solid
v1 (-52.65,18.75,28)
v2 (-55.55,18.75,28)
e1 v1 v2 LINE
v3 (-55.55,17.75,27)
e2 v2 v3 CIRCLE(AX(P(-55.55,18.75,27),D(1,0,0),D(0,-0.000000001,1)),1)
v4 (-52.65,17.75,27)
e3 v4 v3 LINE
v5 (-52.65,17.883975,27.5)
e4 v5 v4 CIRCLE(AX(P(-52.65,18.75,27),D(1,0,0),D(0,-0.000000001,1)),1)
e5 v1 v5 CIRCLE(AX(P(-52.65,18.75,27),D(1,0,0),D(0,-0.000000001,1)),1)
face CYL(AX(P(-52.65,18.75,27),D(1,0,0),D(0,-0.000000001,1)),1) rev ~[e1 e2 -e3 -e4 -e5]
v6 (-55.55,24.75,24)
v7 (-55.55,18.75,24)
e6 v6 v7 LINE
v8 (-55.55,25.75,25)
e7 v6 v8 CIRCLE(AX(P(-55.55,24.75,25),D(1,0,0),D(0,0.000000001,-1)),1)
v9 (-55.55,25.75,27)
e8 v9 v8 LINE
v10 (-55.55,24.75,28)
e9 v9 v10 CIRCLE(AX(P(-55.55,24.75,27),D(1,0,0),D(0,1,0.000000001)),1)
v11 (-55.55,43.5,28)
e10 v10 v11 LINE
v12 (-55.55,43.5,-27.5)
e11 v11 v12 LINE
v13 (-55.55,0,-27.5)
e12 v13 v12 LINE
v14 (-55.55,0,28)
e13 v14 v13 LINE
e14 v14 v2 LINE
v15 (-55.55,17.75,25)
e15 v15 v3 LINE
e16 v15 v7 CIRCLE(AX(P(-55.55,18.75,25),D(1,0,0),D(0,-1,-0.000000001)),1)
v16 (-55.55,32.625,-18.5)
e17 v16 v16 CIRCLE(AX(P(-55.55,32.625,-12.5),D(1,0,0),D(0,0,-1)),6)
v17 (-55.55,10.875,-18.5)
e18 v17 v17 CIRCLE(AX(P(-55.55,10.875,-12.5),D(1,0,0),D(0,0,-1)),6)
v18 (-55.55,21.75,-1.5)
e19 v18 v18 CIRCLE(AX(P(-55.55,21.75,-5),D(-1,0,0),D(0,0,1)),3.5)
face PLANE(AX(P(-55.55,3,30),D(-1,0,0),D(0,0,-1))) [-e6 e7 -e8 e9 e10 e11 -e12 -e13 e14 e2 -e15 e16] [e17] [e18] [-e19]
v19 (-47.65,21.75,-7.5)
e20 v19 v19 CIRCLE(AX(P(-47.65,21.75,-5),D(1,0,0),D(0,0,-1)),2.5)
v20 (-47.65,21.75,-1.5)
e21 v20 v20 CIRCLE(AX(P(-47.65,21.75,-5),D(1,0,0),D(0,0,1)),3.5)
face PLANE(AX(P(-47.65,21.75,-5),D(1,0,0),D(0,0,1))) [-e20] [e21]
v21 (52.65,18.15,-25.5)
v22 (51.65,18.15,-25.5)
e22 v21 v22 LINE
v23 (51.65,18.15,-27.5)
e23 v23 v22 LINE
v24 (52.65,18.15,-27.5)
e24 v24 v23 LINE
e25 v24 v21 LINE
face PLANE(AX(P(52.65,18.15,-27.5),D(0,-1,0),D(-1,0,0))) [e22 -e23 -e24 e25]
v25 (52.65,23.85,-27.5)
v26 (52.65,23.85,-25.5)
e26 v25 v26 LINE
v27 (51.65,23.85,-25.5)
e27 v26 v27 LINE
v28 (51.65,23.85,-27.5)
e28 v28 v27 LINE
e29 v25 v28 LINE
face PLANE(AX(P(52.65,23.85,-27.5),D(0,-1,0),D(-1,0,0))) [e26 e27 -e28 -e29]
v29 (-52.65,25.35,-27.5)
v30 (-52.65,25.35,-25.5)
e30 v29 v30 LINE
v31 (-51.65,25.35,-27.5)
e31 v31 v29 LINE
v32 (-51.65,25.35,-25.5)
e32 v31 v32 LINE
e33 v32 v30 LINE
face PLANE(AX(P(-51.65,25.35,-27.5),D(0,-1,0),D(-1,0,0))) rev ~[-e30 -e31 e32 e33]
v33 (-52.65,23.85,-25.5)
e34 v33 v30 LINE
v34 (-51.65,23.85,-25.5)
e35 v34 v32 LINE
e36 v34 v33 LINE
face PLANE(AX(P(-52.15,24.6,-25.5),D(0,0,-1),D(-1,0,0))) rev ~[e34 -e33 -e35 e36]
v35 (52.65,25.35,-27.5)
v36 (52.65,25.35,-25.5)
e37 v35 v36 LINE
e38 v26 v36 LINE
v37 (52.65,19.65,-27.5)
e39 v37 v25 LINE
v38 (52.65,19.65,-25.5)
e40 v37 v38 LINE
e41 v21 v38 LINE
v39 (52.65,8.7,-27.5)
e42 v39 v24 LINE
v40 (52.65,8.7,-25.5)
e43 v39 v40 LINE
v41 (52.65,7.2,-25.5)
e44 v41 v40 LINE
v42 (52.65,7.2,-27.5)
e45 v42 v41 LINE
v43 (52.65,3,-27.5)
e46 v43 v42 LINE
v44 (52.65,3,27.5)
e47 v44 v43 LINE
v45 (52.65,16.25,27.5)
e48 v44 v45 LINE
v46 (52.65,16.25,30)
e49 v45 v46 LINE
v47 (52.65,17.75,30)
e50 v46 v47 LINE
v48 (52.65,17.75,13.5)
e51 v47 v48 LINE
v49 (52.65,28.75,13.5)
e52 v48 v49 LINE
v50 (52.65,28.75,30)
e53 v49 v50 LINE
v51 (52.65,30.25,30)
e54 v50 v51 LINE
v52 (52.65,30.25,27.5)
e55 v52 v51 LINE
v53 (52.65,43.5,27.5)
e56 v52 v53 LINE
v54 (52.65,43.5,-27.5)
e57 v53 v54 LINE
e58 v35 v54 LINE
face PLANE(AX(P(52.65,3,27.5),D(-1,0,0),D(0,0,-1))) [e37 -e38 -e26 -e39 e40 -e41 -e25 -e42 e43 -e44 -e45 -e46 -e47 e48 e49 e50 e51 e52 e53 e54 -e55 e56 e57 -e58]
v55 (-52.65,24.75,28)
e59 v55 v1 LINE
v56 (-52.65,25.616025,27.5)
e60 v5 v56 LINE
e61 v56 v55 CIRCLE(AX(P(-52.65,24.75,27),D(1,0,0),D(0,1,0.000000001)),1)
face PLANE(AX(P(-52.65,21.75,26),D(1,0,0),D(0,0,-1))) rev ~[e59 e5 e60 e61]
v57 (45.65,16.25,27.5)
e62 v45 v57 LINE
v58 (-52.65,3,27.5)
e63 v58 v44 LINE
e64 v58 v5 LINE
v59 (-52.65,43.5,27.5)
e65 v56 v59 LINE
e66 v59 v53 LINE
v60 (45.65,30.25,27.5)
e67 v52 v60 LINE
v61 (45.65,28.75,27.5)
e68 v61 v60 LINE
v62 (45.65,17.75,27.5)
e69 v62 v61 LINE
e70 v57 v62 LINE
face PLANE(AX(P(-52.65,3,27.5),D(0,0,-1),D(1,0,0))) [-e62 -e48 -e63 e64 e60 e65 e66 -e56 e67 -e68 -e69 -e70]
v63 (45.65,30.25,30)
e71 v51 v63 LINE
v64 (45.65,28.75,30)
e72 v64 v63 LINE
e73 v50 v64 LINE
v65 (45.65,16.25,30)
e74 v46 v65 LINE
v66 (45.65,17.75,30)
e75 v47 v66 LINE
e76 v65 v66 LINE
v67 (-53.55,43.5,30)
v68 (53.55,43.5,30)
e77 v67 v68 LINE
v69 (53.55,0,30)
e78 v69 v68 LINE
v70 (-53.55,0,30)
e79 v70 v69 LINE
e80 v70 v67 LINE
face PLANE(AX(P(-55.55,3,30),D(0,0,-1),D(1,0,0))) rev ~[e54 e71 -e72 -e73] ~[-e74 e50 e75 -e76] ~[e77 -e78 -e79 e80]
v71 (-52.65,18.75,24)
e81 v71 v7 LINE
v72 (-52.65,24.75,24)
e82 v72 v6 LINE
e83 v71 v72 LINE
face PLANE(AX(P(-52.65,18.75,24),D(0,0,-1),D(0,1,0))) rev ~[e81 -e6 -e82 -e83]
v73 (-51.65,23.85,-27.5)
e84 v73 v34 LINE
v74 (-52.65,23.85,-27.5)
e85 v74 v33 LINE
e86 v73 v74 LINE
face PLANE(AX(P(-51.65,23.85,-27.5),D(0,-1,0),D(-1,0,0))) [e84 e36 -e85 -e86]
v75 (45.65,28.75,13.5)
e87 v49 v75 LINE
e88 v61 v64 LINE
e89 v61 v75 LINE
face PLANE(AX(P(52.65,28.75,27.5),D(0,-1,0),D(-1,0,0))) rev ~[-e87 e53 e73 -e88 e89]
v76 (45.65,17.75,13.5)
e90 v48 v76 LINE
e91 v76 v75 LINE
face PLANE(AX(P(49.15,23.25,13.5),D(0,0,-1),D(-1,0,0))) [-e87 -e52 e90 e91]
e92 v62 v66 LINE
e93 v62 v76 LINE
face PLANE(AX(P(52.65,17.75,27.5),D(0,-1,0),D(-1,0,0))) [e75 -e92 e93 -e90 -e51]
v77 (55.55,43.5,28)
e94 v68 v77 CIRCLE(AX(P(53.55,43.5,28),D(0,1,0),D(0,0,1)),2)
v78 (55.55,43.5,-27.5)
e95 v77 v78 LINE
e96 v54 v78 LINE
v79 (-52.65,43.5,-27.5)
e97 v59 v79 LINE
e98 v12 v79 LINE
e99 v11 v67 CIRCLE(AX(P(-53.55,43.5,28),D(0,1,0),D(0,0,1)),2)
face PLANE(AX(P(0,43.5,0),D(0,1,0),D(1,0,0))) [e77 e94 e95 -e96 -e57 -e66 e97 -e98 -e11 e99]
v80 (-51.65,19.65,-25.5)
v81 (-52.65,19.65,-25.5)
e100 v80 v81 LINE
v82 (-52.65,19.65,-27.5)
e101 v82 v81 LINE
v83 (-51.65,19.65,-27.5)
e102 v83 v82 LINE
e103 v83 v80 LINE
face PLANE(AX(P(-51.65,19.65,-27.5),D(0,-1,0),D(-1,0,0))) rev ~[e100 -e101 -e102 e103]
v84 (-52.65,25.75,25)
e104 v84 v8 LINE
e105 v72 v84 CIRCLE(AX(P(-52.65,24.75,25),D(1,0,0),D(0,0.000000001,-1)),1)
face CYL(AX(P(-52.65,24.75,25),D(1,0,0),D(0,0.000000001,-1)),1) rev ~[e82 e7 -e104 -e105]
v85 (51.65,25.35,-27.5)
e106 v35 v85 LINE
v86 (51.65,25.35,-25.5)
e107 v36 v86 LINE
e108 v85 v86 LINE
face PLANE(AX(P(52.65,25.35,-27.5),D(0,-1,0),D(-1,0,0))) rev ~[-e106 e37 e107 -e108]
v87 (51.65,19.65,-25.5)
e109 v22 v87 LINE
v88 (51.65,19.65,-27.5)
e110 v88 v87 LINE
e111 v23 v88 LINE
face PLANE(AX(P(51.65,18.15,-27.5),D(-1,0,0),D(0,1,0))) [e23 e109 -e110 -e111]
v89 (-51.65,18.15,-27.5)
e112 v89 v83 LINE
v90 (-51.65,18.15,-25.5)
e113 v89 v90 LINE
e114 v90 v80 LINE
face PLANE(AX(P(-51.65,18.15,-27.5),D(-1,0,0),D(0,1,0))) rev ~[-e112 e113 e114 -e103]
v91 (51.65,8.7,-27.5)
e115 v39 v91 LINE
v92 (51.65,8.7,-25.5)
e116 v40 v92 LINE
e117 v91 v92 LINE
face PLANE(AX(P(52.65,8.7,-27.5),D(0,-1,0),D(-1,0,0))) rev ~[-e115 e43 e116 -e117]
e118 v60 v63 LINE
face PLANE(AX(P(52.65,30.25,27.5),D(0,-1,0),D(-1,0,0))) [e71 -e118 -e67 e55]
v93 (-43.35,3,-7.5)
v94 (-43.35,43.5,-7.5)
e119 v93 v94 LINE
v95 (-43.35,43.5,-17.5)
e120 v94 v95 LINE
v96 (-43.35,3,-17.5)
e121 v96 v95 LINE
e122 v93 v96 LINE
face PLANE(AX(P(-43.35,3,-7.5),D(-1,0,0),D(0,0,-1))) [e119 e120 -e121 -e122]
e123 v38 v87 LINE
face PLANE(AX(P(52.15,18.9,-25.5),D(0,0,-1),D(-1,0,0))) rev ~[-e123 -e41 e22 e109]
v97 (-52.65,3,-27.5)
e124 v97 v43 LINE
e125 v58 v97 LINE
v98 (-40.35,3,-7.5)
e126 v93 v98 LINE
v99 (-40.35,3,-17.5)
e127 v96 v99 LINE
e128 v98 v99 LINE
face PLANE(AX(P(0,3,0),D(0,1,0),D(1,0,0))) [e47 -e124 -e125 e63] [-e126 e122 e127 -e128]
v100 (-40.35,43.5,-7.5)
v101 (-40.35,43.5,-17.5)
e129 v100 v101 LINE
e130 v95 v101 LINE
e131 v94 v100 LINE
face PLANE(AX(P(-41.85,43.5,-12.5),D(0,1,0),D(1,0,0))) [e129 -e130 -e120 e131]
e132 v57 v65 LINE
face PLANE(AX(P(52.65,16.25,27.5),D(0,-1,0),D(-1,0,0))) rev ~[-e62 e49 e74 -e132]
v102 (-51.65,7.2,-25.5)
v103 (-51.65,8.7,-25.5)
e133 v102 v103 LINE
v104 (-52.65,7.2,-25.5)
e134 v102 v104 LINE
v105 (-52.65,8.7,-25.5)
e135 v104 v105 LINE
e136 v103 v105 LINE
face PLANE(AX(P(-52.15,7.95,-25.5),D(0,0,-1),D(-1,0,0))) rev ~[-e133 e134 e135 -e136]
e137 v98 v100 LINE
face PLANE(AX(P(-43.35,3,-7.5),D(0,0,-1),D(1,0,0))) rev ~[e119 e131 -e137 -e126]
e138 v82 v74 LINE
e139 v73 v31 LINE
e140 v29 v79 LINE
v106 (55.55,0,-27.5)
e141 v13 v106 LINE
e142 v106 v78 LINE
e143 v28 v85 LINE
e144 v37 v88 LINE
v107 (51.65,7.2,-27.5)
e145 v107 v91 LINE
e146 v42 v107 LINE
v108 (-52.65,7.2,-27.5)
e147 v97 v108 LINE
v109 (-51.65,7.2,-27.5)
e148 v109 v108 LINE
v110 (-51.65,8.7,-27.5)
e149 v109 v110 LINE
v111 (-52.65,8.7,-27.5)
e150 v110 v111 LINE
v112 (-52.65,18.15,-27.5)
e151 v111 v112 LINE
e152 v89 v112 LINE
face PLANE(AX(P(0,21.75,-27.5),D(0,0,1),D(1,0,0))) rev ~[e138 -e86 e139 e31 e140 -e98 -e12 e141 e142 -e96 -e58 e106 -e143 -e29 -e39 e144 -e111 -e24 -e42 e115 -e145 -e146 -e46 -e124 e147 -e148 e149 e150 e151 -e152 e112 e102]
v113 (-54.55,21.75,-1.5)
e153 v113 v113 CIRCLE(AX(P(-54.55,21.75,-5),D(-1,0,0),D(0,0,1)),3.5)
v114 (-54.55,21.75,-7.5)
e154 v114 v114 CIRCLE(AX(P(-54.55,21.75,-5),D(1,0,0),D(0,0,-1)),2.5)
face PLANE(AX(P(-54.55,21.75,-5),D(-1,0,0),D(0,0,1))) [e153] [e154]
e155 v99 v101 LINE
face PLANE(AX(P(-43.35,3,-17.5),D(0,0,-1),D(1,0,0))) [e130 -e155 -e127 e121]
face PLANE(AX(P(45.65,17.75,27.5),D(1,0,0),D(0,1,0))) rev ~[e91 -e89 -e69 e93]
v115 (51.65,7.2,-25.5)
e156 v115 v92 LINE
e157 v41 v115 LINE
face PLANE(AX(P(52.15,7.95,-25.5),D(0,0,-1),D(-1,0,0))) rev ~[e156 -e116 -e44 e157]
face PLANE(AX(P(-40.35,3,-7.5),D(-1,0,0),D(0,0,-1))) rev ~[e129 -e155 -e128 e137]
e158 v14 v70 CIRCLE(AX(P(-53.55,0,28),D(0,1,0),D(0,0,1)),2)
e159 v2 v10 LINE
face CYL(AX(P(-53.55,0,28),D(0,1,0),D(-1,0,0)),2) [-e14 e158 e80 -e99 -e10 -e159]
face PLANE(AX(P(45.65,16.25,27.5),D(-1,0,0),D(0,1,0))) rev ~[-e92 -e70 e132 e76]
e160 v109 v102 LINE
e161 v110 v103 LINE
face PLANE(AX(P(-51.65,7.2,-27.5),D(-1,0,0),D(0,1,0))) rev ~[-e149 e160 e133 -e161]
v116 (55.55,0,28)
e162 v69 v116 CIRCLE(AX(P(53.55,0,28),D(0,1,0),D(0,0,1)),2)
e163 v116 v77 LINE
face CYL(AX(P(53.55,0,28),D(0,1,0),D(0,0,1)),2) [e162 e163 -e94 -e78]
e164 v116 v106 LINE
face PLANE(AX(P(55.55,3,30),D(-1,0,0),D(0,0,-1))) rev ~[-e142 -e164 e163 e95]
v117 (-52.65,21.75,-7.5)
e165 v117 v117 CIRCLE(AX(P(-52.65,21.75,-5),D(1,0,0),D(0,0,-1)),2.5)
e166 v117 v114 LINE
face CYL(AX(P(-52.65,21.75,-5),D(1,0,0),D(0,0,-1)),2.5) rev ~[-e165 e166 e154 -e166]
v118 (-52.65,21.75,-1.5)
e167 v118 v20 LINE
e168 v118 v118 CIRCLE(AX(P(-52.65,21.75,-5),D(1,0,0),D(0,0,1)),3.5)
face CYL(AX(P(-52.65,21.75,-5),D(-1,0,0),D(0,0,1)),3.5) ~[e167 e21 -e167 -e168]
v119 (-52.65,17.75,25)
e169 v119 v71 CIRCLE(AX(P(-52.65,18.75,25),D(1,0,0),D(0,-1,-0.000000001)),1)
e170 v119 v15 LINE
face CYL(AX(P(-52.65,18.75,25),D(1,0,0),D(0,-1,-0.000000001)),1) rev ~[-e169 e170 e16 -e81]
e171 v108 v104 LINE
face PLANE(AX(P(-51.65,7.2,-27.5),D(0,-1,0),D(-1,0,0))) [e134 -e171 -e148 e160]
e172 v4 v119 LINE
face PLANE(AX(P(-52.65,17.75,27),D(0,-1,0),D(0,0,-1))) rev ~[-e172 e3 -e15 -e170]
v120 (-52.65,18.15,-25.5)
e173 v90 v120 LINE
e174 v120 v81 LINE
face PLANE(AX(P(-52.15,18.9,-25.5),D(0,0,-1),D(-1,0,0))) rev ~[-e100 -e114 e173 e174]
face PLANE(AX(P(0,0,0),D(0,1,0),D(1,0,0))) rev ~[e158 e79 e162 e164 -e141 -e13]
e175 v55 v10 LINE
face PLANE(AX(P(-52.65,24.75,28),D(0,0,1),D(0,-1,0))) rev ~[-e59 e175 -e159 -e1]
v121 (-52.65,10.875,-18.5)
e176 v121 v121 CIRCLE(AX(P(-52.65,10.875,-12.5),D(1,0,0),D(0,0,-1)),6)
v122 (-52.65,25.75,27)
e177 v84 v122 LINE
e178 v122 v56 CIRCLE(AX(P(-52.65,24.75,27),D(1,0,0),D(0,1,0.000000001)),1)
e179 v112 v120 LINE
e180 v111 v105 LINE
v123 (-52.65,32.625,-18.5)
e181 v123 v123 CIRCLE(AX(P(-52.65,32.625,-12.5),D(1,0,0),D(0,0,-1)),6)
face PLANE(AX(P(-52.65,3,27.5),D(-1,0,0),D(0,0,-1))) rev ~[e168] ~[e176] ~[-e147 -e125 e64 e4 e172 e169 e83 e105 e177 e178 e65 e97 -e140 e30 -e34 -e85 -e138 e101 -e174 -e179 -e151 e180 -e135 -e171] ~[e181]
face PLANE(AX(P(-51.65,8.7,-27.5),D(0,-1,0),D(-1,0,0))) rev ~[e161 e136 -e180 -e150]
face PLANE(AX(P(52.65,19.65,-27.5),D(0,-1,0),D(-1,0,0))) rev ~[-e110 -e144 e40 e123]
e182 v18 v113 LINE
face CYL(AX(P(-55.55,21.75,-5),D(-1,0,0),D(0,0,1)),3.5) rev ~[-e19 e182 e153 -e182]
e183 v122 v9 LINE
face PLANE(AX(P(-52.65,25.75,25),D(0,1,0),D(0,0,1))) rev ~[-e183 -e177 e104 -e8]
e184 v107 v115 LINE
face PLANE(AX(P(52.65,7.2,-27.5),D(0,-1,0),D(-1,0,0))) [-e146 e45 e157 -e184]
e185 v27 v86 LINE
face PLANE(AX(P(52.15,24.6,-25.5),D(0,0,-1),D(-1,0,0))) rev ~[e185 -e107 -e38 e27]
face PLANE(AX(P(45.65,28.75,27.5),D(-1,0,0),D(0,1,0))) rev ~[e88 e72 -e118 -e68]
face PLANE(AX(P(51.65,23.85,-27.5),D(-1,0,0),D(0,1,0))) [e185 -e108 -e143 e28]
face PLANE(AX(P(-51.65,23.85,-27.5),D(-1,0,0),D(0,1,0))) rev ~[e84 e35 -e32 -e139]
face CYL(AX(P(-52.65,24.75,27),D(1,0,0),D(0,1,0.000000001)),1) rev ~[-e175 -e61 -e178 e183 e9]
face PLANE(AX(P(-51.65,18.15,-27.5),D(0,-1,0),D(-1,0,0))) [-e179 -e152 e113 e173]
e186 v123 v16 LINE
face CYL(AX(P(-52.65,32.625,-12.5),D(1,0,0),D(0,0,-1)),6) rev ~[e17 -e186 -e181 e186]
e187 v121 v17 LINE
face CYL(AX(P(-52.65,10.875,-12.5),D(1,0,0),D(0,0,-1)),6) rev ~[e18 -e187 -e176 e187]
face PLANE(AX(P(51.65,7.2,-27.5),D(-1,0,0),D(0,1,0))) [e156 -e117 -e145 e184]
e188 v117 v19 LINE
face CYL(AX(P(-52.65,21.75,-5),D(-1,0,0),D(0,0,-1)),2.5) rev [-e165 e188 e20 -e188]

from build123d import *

# Parameters (mm, degrees)
SKETCH1_W            = 111.1
SKETCH1_H            = 60
BOSS_EXTRUDE1_DEPTH  = 3
SKETCH2_W            = 111.1
SKETCH2_H            = 60
SKETCH2_W_2          = 105.3
SKETCH2_H_2          = 55
BOSS_EXTRUDE2_DEPTH  = 40.5
SKETCH5_R            = 21
BOSS_EXTRUDE4_DEPTH  = 15
SKETCH6_W            = 15.5
SKETCH6_H            = 37
CUT_EXTRUDE1_DEPTH   = 21
BOSS_EXTRUDE5_START  = -1
SKETCH8_R            = 21
SKETCH8_W            = 12.3
SKETCH8_H            = 34.3
BOSS_EXTRUDE5_DEPTH  = 1
BOSS_EXTRUDE6_START  = -1
SKETCH9_R            = 21
SKETCH9_W            = 12.3
SKETCH9_H            = 34.3
BOSS_EXTRUDE6_DEPTH  = 1
SKETCH10_W           = 126.244554882
SKETCH10_H           = 68.697179438
CUT_EXTRUDE3_DEPTH   = 53
SKETCH12_W           = 1
SKETCH12_H           = 1.5
BOSS_EXTRUDE8_DEPTH  = 2
FILLET1_R            = 2
SKETCH13_R           = 6
SKETCH13_R_2         = 2.5
CUT_EXTRUDE4_DEPTH   = 14
SKETCH15_W           = 3
SKETCH15_H           = 10
BOSS_EXTRUDE9_DEPTH  = 40.5
SKETCH16_R           = 3.5
CUT_EXTRUDE5_DEPTH   = 1
SKETCH17_W           = 7
SKETCH17_H           = 11
BOSS_EXTRUDE10_DEPTH = 14
SKETCH18_W           = 7
SKETCH18_H           = 1.5
CUT_EXTRUDE6_DEPTH   = 14
SKETCH19_R           = 3.5
SKETCH19_R_2         = 2.5
BOSS_EXTRUDE11_DEPTH = 5


with BuildPart() as part:
    # Sketch1 → Boss-Extrude1 (new body)
    with BuildSketch(Plane(origin=(0, 0, 0), x_dir=(1, 0, 0), z_dir=(0, 1, 0))):
        Rectangle(SKETCH1_W, SKETCH1_H)
    extrude(amount=BOSS_EXTRUDE1_DEPTH)

    # Sketch2 → Boss-Extrude2 (add)
    with BuildSketch(Plane(origin=(0, 3, 0), x_dir=(1, 0, 0), z_dir=(0, 1, 0))):
        Rectangle(SKETCH2_W, SKETCH2_H)
        Rectangle(SKETCH2_W_2, SKETCH2_H_2, mode=Mode.SUBTRACT)
    extrude(amount=BOSS_EXTRUDE2_DEPTH)

    # Sketch5 → Boss-Extrude4 (add)
    with BuildSketch(Plane(origin=(0, 0, -30), x_dir=(-1, 0, 0), z_dir=(0, 0, -1))):
        with Locations((-27.775, 21.75)):
            Circle(SKETCH5_R)
        with Locations(Location((27.775, 21.75, 0), (0, 0, 180))):
            Circle(SKETCH5_R)
    extrude(amount=BOSS_EXTRUDE4_DEPTH)

    # Sketch6 → Cut-Extrude1 (cut)
    with BuildSketch(Plane(origin=(0, 0, -45), x_dir=(-1, 0, 0), z_dir=(0, 0, -1))):
        with Locations((-27.775, 21.75)):
            Rectangle(SKETCH6_W, SKETCH6_H)
        with Locations((27.775, 21.75)):
            Rectangle(SKETCH6_W, SKETCH6_H)
    extrude(amount=-CUT_EXTRUDE1_DEPTH, mode=Mode.SUBTRACT)

    # Sketch8 → Boss-Extrude5 (add)
    with BuildSketch(Plane(origin=(0, 0, -45), x_dir=(-1, 0, 0), z_dir=(0, 0, -1)).offset(BOSS_EXTRUDE5_START)):
        with Locations((-27.775, 21.75)):
            Circle(SKETCH8_R)
        with Locations((-27.775, 21.75)):
            Rectangle(SKETCH8_W, SKETCH8_H, mode=Mode.SUBTRACT)
    extrude(amount=BOSS_EXTRUDE5_DEPTH)

    # Sketch9 → Boss-Extrude6 (add)
    with BuildSketch(Plane(origin=(0, 0, -45), x_dir=(-1, 0, 0), z_dir=(0, 0, -1)).offset(BOSS_EXTRUDE6_START)):
        with Locations(Location((27.775, 21.75, 0), (0, 0, 180))):
            Circle(SKETCH9_R)
        with Locations((27.775, 21.75)):
            Rectangle(SKETCH9_W, SKETCH9_H, mode=Mode.SUBTRACT)
    extrude(amount=BOSS_EXTRUDE6_DEPTH)

    # Sketch10 → Cut-Extrude3 (cut)
    with BuildSketch(Plane.XY.offset(-27.5)):
        with Locations((0, 21.75)):
            Rectangle(SKETCH10_W, SKETCH10_H)
    extrude(amount=-CUT_EXTRUDE3_DEPTH, mode=Mode.SUBTRACT)

    # Sketch12 → Boss-Extrude8 (add)
    with BuildSketch(Plane(origin=(0, 0, -27.5), x_dir=(-1, 0, 0), z_dir=(0, 0, -1))):
        with Locations((52.15, 18.9)):
            Rectangle(SKETCH12_W, SKETCH12_H)
        with Locations((52.15, 7.95)):
            Rectangle(SKETCH12_W, SKETCH12_H)
        with Locations((-52.15, 18.9)):
            Rectangle(SKETCH12_W, SKETCH12_H)
        with Locations((-52.15, 24.6)):
            Rectangle(SKETCH12_W, SKETCH12_H)
        with Locations((52.15, 24.6)):
            Rectangle(SKETCH12_W, SKETCH12_H)
        with Locations((-52.15, 7.95)):
            Rectangle(SKETCH12_W, SKETCH12_H)
    extrude(amount=-BOSS_EXTRUDE8_DEPTH)

    # Fillet1
    fillet1_edges = [part.edges().sort_by_distance(p)[0] for p in [
        (55.55, 21.75, 30),
        (-55.55, 21.75, 30),
    ]]
    fillet(fillet1_edges, radius=FILLET1_R)

    # Sketch13 → Cut-Extrude4 (cut)
    with BuildSketch(Plane(origin=(-52.65, 0, 0), x_dir=(0, 0, -1), z_dir=(1, 0, 0))):
        with Locations((12.5, 32.625)):
            Circle(SKETCH13_R)
        with Locations((12.5, 10.875)):
            Circle(SKETCH13_R)
        with Locations((5, 21.75)):
            Circle(SKETCH13_R_2)
        with BuildLine():
            Line((-25, 25.75), (-27, 25.75))
            ThreePointArc((-27, 25.75), (-27.707106781, 25.457106781), (-28, 24.75))
            Line((-28, 24.75), (-28, 18.75))
            ThreePointArc((-28, 18.75), (-27.707106781, 18.042893219), (-27, 17.75))
            Line((-27, 17.75), (-25, 17.75))
            ThreePointArc((-25, 17.75), (-24.292893219, 18.042893219), (-24, 18.75))
            Line((-24, 18.75), (-24, 24.75))
            ThreePointArc((-24, 24.75), (-24.292893219, 25.457106781), (-25, 25.75))
        make_face()
    extrude(amount=-CUT_EXTRUDE4_DEPTH, mode=Mode.SUBTRACT)

    # Sketch15 → Boss-Extrude9 (add)
    with BuildSketch(Plane(origin=(0, 3, 0), x_dir=(1, 0, 0), z_dir=(0, 1, 0))):
        with Locations((-41.85, 12.5)):
            Rectangle(SKETCH15_W, SKETCH15_H)
    extrude(amount=BOSS_EXTRUDE9_DEPTH)

    # Sketch16 → Cut-Extrude5 (cut)
    with BuildSketch(Plane.ZY.offset(55.55)):
        with Locations((-5, 21.75)):
            Circle(SKETCH16_R)
    extrude(amount=-CUT_EXTRUDE5_DEPTH, mode=Mode.SUBTRACT)

    # Sketch17 → Boss-Extrude10 (add)
    with BuildSketch(Plane(origin=(0, 0, 27.5), x_dir=(-1, 0, 0), z_dir=(0, 0, -1))):
        with Locations((-49.15, 23.25)):
            Rectangle(SKETCH17_W, SKETCH17_H)
    extrude(amount=BOSS_EXTRUDE10_DEPTH)

    # Sketch18 → Cut-Extrude6 (cut)
    with BuildSketch(Plane(origin=(0, 0, 27.5), x_dir=(-1, 0, 0), z_dir=(0, 0, -1))):
        with Locations((-49.15, 29.5)):
            Rectangle(SKETCH18_W, SKETCH18_H)
        with Locations((-49.15, 17)):
            Rectangle(SKETCH18_W, SKETCH18_H)
    extrude(amount=-CUT_EXTRUDE6_DEPTH, mode=Mode.SUBTRACT)

    # Sketch19 → Boss-Extrude11 (add)
    with BuildSketch(Plane(origin=(-52.65, 0, 0), x_dir=(0, 0, -1), z_dir=(1, 0, 0))):
        with Locations(Location((5, 21.75, 0), (0, 0, 180))):
            Circle(SKETCH19_R)
        with Locations((5, 21.75)):
            Circle(SKETCH19_R_2, mode=Mode.SUBTRACT)
    extrude(amount=BOSS_EXTRUDE11_DEPTH)


solid = part.part
